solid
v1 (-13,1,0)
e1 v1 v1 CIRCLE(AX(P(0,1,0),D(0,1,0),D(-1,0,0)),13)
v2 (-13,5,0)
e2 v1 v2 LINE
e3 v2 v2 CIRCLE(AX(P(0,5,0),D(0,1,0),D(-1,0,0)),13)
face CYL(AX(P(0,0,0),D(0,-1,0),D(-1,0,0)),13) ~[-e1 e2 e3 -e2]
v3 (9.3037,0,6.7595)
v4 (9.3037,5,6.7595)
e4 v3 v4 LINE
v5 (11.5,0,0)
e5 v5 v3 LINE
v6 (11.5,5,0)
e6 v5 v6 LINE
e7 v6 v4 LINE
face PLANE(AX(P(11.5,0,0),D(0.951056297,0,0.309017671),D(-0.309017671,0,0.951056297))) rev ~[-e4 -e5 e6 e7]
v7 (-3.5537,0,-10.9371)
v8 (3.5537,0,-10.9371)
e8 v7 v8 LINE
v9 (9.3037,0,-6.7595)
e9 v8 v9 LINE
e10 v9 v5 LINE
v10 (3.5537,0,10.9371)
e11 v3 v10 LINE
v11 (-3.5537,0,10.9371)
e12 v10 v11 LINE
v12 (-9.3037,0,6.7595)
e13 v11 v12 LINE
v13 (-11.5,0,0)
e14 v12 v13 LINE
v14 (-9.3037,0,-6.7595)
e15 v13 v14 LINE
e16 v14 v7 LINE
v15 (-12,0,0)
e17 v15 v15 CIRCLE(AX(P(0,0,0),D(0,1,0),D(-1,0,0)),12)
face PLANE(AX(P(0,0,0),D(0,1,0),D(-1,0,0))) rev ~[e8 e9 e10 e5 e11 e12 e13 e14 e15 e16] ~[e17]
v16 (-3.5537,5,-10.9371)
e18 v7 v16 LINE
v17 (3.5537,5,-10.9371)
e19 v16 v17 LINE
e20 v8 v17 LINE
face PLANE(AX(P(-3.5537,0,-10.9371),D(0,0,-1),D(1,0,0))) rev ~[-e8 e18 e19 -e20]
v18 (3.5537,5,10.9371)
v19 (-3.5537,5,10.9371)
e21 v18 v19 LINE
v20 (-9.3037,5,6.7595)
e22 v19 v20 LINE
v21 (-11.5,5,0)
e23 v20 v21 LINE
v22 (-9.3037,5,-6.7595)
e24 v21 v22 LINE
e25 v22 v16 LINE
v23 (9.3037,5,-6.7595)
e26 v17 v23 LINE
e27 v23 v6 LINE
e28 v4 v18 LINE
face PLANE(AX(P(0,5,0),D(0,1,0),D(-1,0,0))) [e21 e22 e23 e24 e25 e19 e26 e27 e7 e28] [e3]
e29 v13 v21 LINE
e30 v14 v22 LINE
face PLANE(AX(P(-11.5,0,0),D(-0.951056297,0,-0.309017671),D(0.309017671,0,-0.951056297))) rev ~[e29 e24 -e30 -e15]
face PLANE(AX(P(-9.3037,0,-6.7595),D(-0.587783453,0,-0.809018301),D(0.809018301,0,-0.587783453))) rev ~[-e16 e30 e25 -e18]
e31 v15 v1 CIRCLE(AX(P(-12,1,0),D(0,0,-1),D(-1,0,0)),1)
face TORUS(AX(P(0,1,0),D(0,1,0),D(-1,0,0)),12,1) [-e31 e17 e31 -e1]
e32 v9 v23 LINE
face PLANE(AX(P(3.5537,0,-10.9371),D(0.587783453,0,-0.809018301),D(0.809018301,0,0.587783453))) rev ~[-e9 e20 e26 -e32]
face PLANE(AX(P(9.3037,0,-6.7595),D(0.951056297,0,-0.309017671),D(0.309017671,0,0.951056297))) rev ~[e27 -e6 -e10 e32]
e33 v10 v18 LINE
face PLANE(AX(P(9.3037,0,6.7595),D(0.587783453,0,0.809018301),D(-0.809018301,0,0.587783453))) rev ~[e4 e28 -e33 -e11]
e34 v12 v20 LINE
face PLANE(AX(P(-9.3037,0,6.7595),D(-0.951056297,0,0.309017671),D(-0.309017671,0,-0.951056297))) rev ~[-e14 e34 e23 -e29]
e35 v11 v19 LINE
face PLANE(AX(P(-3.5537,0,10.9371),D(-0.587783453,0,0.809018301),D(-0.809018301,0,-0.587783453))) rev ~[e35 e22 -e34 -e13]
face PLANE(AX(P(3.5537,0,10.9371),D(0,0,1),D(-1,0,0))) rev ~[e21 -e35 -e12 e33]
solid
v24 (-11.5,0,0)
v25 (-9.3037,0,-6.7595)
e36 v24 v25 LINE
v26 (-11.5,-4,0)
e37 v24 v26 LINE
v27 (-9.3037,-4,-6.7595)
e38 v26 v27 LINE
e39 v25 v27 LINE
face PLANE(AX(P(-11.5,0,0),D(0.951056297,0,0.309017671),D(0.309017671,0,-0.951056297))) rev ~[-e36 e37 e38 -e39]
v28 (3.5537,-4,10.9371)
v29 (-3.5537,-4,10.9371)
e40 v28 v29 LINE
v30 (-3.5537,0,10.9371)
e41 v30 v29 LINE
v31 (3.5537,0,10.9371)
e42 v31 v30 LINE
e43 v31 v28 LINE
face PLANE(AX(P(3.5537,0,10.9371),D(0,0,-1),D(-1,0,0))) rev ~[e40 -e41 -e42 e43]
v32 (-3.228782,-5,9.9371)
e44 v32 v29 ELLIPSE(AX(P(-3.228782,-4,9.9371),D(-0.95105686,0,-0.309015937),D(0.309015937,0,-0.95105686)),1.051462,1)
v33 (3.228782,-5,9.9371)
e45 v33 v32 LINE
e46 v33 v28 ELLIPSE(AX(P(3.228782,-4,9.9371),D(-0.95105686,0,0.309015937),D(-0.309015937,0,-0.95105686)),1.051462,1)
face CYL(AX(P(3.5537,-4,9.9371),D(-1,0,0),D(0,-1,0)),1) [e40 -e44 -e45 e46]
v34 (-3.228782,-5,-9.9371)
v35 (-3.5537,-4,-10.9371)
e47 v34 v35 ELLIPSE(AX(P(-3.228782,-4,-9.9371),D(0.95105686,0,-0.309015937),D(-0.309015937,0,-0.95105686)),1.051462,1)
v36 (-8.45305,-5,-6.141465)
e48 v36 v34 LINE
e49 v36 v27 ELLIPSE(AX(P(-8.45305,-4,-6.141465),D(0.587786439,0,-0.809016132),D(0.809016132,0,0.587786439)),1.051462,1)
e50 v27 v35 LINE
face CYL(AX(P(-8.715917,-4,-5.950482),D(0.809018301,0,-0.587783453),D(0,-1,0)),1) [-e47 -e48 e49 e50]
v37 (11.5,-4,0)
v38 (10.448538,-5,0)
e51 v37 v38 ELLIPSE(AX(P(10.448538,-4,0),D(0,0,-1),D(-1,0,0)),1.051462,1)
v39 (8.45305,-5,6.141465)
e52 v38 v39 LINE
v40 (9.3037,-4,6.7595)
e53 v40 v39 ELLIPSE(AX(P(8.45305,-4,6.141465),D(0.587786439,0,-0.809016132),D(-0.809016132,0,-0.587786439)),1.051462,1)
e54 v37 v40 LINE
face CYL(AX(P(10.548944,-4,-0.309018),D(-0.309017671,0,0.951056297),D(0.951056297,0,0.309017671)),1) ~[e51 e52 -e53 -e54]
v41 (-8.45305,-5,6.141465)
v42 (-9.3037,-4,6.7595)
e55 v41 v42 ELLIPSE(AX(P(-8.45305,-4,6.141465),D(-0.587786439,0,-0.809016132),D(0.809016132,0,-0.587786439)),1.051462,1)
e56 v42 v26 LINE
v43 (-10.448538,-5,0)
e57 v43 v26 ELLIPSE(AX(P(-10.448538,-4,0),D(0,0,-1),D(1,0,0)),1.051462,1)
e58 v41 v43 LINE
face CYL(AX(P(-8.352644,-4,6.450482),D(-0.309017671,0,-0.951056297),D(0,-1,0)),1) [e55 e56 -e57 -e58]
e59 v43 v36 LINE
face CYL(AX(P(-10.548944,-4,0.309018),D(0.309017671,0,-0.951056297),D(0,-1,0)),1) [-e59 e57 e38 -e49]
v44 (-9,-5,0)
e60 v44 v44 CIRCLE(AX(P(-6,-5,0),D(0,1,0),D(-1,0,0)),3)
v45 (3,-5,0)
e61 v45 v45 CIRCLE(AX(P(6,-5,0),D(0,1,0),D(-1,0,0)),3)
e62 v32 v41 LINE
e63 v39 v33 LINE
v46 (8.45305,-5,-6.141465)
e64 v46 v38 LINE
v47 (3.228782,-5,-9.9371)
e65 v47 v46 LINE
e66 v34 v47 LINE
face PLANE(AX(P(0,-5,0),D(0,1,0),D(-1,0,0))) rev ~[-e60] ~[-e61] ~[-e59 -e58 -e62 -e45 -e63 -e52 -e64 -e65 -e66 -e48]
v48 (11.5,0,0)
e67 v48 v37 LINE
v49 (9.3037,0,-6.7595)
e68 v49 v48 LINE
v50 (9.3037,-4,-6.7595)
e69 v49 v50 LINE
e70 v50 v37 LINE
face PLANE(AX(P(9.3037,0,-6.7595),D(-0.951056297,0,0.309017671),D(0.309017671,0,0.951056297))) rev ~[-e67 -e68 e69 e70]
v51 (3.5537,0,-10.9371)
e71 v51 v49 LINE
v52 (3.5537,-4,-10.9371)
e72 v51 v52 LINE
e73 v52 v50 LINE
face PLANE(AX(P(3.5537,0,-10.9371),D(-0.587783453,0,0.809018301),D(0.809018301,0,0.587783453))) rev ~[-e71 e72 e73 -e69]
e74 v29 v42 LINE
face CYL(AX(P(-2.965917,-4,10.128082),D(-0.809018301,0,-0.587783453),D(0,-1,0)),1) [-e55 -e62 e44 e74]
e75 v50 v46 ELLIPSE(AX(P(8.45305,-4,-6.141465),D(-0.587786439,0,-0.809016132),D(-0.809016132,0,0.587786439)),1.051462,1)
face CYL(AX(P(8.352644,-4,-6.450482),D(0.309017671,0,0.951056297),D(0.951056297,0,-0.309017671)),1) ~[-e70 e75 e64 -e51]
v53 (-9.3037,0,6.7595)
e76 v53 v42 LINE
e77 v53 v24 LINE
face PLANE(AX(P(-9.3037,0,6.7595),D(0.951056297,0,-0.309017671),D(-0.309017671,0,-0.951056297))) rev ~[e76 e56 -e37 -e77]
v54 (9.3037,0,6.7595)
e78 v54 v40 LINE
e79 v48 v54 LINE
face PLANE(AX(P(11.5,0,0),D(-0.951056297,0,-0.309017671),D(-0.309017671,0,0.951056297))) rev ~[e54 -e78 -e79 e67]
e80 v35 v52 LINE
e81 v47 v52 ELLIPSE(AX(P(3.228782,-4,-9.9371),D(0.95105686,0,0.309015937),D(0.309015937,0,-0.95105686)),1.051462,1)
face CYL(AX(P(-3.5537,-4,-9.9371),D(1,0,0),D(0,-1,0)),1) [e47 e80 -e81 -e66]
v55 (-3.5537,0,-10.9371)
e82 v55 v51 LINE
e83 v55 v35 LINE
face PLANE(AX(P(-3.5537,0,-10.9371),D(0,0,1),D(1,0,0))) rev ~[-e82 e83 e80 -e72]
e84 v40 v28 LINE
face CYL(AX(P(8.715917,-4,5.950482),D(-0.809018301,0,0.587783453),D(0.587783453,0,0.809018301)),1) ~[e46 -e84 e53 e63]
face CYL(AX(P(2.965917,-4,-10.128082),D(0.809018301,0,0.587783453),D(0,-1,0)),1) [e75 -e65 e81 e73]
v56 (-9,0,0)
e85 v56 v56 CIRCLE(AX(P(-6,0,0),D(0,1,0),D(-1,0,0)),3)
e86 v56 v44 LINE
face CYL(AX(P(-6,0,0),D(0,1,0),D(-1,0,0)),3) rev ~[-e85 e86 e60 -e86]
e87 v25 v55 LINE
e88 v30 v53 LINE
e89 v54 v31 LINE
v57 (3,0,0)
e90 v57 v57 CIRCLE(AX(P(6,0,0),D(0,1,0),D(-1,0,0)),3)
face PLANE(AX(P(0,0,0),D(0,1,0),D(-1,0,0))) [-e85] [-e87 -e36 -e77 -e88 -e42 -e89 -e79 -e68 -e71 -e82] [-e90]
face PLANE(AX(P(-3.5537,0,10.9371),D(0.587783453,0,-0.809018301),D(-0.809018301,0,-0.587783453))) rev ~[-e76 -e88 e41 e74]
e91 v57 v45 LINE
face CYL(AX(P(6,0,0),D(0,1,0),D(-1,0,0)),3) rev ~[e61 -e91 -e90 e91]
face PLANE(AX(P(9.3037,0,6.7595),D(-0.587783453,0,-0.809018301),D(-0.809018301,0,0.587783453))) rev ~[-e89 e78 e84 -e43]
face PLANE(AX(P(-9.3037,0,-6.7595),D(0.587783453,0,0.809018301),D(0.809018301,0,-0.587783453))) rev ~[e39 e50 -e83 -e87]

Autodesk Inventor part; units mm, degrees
ref_plane "YZ Plane" through (0, 0, 0) normal (1, 0, 0) x (0, 1, 0)
ref_plane "XZ Plane" through (0, 0, 0) normal (0, 1, 0) x (-1, 0, 0)
ref_plane "XY Plane" through (0, 0, 0) normal (0, 0, 1) x (1, 0, 0)
sketch "Sketch1" plane through (0, 0, 0) normal (0, 1, 0) x (-1, 0, 0)
  circle A0 centre (0, 0) radius 13
  line L0 (-11.5, 0) -> (-9.3037, 6.7595)
  line L1 (-9.3037, 6.7595) -> (-3.5537, 10.9371)
  line L2 (-3.5537, 10.9371) -> (3.5537, 10.9371)
  line L3 (3.5537, 10.9371) -> (9.3037, 6.7595)
  line L4 (9.3037, 6.7595) -> (11.5, 0)
  line L5 (11.5, 0) -> (9.3037, -6.7595)
  line L6 (9.3037, -6.7595) -> (3.5537, -10.9371)
  line L7 (3.5537, -10.9371) -> (-3.5537, -10.9371)
  line L8 (-3.5537, -10.9371) -> (-9.3037, -6.7595)
  line L9 (-9.3037, -6.7595) -> (-11.5, 0)
  circle A1 centre (-6, 0) radius 3
  circle A2 centre (6, 0) radius 3
  dimension "d0" = 26
  dimension "d10" = 6
  dimension "d11" = 6
extrude "Extrusion1" add sketch "Sketch1" against normal blind 5 contours L0 L1 L2 L3 L4 L5 L6 L7 L8 L9
extrude "Extrusion2" add sketch "Sketch1" along normal blind 5 contours A0
fillet "Fillet1" radius 1 11 edges at (13, 0, 0) (-6.4287, -5, -8.8483) (0, -5, -10.9371) (-10.4018, -5, -3.3798) (-10.4018, -5, 3.3798) (-6.4287, -5, 8.8483) (0, -5, 10.9371) (6.4287, -5, 8.8483) (10.4018, -5, 3.3798) (10.4018, -5, -3.3798) (6.4287, -5, -8.8483)
properties part number "Probe P1"
